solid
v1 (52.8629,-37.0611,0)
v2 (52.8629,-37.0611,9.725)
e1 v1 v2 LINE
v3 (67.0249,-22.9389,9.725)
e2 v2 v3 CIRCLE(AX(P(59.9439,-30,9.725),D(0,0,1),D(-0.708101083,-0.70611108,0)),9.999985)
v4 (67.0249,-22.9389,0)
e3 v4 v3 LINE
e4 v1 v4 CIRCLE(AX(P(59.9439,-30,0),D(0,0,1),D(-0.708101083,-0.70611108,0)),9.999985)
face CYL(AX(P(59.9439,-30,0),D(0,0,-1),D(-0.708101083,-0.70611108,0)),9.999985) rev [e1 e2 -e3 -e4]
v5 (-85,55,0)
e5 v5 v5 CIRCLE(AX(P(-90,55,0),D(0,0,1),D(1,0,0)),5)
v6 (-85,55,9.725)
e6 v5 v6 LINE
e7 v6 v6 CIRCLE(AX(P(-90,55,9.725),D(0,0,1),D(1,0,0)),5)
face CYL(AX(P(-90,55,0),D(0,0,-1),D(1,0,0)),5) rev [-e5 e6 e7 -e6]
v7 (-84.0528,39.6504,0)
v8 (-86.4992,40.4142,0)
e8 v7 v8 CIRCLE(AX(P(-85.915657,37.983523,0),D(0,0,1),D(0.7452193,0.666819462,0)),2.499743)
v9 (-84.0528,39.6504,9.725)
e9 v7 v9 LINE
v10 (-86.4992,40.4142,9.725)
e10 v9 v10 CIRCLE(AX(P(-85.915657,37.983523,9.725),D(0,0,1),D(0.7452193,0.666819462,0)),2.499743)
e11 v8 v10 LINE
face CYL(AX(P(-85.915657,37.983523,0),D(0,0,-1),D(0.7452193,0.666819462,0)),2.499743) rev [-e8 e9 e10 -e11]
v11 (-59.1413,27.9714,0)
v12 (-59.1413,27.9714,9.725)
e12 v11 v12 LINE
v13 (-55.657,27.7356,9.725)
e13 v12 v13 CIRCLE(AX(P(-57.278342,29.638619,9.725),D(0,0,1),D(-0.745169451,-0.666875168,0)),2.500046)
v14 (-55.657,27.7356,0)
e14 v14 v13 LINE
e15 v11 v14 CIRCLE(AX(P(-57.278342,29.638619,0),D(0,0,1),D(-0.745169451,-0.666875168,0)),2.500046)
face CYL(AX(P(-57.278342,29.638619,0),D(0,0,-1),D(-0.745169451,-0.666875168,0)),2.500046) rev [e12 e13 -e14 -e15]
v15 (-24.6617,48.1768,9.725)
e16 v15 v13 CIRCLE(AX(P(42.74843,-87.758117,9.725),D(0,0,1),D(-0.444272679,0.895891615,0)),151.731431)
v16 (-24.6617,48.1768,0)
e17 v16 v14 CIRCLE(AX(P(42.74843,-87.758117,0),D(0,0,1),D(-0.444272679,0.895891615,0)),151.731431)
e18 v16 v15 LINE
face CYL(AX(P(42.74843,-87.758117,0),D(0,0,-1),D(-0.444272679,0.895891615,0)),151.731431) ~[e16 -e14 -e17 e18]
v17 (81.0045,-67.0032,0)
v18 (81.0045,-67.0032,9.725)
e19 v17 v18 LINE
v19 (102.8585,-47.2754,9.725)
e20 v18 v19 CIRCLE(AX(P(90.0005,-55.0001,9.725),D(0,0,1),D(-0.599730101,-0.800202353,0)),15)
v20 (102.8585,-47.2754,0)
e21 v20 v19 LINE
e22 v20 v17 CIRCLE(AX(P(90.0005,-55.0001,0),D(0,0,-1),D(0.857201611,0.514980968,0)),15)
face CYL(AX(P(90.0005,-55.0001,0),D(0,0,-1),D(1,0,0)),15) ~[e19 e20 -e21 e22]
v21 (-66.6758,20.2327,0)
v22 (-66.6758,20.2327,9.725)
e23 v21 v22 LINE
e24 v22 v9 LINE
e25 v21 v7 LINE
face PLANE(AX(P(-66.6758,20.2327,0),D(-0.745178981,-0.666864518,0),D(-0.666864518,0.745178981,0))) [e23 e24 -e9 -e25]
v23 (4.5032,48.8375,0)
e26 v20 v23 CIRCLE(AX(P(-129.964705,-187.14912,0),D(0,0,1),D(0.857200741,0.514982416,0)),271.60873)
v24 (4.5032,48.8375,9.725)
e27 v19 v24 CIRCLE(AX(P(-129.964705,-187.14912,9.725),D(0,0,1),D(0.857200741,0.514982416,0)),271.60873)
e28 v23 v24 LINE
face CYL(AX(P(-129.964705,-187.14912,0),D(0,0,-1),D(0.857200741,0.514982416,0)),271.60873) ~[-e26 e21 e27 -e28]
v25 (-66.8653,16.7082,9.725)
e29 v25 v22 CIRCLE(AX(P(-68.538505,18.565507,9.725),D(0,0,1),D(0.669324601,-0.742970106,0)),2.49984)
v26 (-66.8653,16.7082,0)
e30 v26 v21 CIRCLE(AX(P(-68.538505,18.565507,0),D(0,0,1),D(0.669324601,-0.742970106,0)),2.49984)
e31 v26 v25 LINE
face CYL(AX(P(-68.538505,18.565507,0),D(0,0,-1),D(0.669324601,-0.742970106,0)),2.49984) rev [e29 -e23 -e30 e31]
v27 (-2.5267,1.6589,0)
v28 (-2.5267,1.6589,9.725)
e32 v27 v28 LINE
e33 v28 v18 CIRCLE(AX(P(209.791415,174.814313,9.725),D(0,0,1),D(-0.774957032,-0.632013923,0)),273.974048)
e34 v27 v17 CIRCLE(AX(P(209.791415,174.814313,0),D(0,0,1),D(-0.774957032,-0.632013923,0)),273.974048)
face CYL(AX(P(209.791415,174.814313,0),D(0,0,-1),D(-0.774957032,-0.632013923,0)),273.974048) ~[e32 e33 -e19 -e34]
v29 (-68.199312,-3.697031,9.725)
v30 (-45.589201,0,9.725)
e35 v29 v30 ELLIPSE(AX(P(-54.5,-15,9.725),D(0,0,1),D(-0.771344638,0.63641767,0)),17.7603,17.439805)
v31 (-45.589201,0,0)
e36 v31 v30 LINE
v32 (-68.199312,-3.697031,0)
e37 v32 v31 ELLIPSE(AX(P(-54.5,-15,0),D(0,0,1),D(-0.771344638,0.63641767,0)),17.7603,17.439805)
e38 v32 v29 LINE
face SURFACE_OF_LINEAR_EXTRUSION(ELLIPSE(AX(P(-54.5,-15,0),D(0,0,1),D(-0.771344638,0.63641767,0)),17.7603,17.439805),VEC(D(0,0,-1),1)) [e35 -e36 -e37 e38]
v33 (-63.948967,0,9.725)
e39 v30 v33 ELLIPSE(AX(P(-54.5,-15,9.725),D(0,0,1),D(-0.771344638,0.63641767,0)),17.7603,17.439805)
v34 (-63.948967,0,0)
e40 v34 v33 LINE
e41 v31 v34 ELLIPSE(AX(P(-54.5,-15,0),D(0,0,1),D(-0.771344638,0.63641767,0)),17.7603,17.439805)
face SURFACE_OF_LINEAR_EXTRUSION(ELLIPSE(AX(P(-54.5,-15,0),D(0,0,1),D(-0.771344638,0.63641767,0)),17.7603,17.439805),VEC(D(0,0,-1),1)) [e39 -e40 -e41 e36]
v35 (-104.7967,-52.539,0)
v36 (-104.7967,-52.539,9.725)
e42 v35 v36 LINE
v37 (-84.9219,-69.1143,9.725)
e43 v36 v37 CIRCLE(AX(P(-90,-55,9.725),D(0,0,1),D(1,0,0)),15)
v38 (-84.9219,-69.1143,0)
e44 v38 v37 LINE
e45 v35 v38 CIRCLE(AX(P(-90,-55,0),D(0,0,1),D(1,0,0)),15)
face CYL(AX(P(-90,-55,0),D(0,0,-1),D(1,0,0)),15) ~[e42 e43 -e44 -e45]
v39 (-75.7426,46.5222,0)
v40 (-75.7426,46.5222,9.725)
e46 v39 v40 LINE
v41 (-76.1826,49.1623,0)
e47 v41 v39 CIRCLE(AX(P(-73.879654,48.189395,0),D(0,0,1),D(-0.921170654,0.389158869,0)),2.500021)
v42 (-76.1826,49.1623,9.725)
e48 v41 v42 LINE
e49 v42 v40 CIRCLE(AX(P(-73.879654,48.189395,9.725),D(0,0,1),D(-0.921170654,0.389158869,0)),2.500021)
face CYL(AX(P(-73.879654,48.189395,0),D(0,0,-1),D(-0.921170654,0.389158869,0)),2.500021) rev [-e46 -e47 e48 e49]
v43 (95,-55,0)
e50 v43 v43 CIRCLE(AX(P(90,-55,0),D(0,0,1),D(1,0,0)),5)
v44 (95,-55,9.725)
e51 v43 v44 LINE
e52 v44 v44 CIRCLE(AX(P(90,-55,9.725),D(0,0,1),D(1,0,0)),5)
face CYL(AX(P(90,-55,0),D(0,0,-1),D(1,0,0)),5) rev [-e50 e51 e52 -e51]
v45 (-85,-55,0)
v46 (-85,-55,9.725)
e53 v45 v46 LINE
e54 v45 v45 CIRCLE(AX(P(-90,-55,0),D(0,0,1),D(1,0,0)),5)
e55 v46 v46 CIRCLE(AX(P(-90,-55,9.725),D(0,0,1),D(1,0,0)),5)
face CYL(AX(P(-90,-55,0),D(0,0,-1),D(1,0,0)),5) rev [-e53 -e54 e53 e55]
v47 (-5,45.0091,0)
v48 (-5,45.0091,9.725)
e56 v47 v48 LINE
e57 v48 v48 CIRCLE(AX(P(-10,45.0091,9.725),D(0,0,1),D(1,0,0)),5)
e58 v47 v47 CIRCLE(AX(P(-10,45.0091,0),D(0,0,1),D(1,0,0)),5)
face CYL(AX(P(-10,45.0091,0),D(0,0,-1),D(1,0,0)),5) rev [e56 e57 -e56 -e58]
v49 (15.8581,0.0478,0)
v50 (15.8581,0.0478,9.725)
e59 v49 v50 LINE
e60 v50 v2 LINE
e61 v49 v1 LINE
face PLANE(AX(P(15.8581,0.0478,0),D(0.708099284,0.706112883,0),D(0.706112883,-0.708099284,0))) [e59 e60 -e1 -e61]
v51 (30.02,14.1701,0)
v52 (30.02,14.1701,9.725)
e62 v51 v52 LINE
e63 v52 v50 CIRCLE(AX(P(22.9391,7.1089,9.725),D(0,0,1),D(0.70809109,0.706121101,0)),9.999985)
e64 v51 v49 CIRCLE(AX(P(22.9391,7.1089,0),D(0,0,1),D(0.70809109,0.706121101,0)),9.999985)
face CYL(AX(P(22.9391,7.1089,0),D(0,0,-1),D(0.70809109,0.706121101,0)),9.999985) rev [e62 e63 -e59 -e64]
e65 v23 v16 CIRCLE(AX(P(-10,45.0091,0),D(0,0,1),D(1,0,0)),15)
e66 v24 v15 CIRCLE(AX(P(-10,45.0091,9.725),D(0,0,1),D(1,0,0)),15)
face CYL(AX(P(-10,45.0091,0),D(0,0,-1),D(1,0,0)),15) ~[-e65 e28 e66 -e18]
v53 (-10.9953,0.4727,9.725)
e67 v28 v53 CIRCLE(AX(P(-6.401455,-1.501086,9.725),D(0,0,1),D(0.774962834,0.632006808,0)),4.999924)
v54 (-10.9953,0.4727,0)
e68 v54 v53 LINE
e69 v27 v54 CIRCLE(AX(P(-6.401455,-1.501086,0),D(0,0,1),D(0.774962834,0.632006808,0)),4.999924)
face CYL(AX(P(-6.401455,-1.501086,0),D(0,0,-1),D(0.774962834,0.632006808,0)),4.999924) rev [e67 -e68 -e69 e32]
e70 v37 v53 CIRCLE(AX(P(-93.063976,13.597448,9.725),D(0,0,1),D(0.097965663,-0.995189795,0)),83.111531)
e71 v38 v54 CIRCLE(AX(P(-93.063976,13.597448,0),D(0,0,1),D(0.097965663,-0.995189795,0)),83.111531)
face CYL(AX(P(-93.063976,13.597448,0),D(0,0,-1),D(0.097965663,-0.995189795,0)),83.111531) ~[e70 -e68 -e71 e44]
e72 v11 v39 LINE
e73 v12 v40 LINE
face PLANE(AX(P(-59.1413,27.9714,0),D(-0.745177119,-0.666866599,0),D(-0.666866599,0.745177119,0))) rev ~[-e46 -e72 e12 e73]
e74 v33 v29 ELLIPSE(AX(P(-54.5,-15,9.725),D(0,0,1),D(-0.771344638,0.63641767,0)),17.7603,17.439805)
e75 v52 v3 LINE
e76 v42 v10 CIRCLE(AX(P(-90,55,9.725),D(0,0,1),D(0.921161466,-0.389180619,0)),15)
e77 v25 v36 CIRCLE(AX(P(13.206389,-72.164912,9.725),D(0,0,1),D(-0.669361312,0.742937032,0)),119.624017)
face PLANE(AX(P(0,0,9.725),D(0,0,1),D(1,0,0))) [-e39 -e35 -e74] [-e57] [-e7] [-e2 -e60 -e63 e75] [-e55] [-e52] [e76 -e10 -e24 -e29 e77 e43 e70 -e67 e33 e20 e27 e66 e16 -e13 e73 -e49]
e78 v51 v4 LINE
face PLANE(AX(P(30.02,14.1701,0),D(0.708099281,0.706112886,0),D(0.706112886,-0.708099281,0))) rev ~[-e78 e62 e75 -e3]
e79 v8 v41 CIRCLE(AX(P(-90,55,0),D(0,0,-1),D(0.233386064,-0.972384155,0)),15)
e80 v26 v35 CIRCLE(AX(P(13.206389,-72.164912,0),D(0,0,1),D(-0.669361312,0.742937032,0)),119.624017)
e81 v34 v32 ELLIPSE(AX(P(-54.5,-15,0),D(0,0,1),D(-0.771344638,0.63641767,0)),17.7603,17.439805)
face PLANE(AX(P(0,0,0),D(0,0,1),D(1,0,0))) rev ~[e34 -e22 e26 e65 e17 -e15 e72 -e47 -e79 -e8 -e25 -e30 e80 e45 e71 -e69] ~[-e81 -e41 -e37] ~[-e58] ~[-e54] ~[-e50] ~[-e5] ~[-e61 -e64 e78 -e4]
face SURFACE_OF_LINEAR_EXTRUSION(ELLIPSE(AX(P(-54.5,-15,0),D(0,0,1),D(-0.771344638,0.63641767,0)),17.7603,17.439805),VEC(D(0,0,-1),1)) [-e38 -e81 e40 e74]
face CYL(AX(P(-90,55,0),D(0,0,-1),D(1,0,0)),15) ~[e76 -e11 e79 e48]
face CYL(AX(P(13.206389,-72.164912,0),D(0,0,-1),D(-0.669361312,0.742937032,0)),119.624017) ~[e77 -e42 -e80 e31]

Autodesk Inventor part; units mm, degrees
ref_plane "YZ Plane" through (0, 0, 0) normal (1, 0, 0) x (0, 1, 0)
ref_plane "XZ Plane" through (0, 0, 0) normal (0, 1, 0) x (-1, 0, 0)
ref_plane "XY Plane" through (0, 0, 0) normal (0, 0, 1) x (1, 0, 0)
sketch "Sketch1" plane through (0, 0, 0) normal (0, 0, 1) x (1, 0, 0)
  line L0 (-110.0561, 75) -> (109.9439, 75)
  line L1 (109.9439, 75) -> (109.9439, -75)
  line L2 (109.9439, -75) -> (-110.0561, -75)
  line L3 (-110.0561, -75) -> (-110.0561, 75)
  circle A0 centre (-90, 55) radius 5
  circle A1 centre (-90, -55) radius 5
  circle A2 centre (-10, 45.0091) radius 5
  circle A3 centre (90, -55) radius 5
  line L4 (-67, 0) -> (-42, 0)
  line L5 (-42, 0) -> (-42, -30) construction
  line L6 (-42, -30) -> (-67, -30) construction
  line L7 (-67, -30) -> (-67, 0) construction
  line L8 (40, -10) -> (59.9439, -10) construction
  line L9 (59.9439, -10) -> (59.9439, -30) construction
  line L10 (59.9439, -30) -> (40, -30) construction
  line L11 (40, -30) -> (40, -10) construction
  circle A4 centre (-54.5, -15) radius 10 construction
  ellipse E0 centre (-54.5, -15) end of major axis (-43.401, -1.5479) minor radius 17.7603
  circle A5 centre (43.0635, -13.1154) radius 3 construction
  circle A6 centre (47.4663, -17.5409) radius 3 construction
  circle A7 centre (51.9204, -22.0998) radius 3 construction
  circle A8 centre (56.7941, -26.2396) radius 3 construction
  circle A9 centre (-90, -55) radius 15
  arc A10 (-100.0358, -54.9482) -> (-100.0172, -55.6131) centre (-90, -55) ccw
  circle A11 centre (90.0005, -55.0001) radius 15
  line L12 (-85.4066, -69.2794) -> (85.4067, -69.2794) construction
  circle A12 centre (-10, 45.0091) radius 15
  line L13 (-24.261, 48.8375) -> (4.5032, 48.8375) construction
  arc A13 (102.8585, -47.2754) -> (4.5032, 48.8375) centre (-129.9643, -187.1488) ccw
  line L14 (-77.096, -62.6476) -> (77.0964, -62.6476) construction
  line L15 (81.0045, -67.0032) -> (-81.0042, -67.0032) construction
  line L16 (-14.3138, -6.5012) -> (6.7086, -6.5012) construction
  line L17 (-2.1245, 32.2429) -> (59.9439, -30) construction
  line L18 (59.9439, -30) -> (70.189, -40.245) construction
  arc A14 (-2.5267, 1.6589) -> (-10.9953, 0.4727) centre (-6.4015, -1.5012) ccw
  arc A15 (-2.5267, 1.6589) -> (81.0045, -67.0032) centre (209.7908, 174.8137) ccw
  line L19 (-65.2136, 18.8562) -> (-65.2134, 18.856)
  arc A16 (-24.6617, 48.1768) -> (-55.657, 27.7356) centre (42.7475, -87.7565) ccw
  arc A17 (-66.8653, 16.7082) -> (-104.7967, -52.539) centre (13.2065, -72.165) ccw
  line L20 (15.8581, 0.0478) -> (52.8629, -37.0611)
  line L21 (30.02, 14.1701) -> (67.0249, -22.9389)
  arc A18 (52.8828, -22.919) -> (52.8728, -22.9289) centre (59.9439, -30) ccw
  arc A19 (52.8629, -37.0611) -> (67.0249, -22.9389) centre (59.9439, -30) ccw
  arc A20 (-84.9219, -69.1143) -> (-10.9953, 0.4727) centre (-93.064, 13.5975) ccw
  arc A21 (30.02, 14.1701) -> (15.8581, 0.0478) centre (22.9391, 7.1089) ccw
  circle A22 centre (-90, 55) radius 15
  line L22 (-59.1413, 27.9714) -> (-75.7426, 46.5222)
  line L23 (-66.6758, 20.2327) -> (-84.0528, 39.6504)
  arc A23 (-66.8653, 16.7082) -> (-66.6758, 20.2327) centre (-68.5387, 18.5656) ccw
  arc A24 (-59.1413, 27.9714) -> (-55.657, 27.7356) centre (-57.2784, 29.6385) ccw
  arc A25 (-76.1826, 49.1623) -> (-75.7426, 46.5222) centre (-73.8797, 48.1894) ccw
  arc A26 (-84.0528, 39.6504) -> (-86.4992, 40.4142) centre (-85.9158, 37.9833) ccw
  point P0 (0, 0)
  point P1 (-6.3286, 6.5156)
  point P2 (-90, 71.308)
  point P3 (-104.5632, -51.4064)
  point P4 (-58.5353, 25.2193)
  point P5 (-108.4449, -75)
  point P6 (-76.3243, 48.8375)
  point P7 (34.0657, -6.0484)
  point P8 (-10.9953, 0.4727)
  dimension "d0" = 220
  dimension "d1" = 150
  dimension "d6" = 10
  dimension "d8" = 55
  dimension "d9" = 10
  dimension "d10" = 10
  dimension "d11" = 10
  dimension "d15" = 90
  dimension "d16" = 90
  dimension "d17" = 55
  dimension "d19" = 75
  dimension "d21" = 0
  dimension "d26" = 20
  dimension "d27" = 10
  dimension "d30" = 55
  dimension "d95" = 10
  dimension "d97" = 90
  dimension "d101" = 42
  dimension "d102" = 30
  dimension "d103" = 25
  dimension "d105" = 50
  dimension "d106" = 40
  dimension "d132" = 20
  dimension "d133" = 6
  dimension "d134" = 6
  dimension "d135" = 6
  dimension "d136" = 6
  dimension "d142" = 30
  dimension "d143" = 30
  dimension "d144" = 30
  dimension "d217" = 10
  dimension "d233" = 20
  dimension "d236" = 30
  dimension "d237" = 5
  dimension "d238" = 5
  dimension "d239" = 5
  dimension "d240" = 5
extrude "Extrusion39" add sketch "Sketch1" along normal blind 9.725 contours A9 | A9 A17 A23 L23 A26 A22 A25 L22 A24 A16 A12 A13 A11 A15 A14 A20 | A11 | A22 | A12
properties part number "Final Bracket Design"
